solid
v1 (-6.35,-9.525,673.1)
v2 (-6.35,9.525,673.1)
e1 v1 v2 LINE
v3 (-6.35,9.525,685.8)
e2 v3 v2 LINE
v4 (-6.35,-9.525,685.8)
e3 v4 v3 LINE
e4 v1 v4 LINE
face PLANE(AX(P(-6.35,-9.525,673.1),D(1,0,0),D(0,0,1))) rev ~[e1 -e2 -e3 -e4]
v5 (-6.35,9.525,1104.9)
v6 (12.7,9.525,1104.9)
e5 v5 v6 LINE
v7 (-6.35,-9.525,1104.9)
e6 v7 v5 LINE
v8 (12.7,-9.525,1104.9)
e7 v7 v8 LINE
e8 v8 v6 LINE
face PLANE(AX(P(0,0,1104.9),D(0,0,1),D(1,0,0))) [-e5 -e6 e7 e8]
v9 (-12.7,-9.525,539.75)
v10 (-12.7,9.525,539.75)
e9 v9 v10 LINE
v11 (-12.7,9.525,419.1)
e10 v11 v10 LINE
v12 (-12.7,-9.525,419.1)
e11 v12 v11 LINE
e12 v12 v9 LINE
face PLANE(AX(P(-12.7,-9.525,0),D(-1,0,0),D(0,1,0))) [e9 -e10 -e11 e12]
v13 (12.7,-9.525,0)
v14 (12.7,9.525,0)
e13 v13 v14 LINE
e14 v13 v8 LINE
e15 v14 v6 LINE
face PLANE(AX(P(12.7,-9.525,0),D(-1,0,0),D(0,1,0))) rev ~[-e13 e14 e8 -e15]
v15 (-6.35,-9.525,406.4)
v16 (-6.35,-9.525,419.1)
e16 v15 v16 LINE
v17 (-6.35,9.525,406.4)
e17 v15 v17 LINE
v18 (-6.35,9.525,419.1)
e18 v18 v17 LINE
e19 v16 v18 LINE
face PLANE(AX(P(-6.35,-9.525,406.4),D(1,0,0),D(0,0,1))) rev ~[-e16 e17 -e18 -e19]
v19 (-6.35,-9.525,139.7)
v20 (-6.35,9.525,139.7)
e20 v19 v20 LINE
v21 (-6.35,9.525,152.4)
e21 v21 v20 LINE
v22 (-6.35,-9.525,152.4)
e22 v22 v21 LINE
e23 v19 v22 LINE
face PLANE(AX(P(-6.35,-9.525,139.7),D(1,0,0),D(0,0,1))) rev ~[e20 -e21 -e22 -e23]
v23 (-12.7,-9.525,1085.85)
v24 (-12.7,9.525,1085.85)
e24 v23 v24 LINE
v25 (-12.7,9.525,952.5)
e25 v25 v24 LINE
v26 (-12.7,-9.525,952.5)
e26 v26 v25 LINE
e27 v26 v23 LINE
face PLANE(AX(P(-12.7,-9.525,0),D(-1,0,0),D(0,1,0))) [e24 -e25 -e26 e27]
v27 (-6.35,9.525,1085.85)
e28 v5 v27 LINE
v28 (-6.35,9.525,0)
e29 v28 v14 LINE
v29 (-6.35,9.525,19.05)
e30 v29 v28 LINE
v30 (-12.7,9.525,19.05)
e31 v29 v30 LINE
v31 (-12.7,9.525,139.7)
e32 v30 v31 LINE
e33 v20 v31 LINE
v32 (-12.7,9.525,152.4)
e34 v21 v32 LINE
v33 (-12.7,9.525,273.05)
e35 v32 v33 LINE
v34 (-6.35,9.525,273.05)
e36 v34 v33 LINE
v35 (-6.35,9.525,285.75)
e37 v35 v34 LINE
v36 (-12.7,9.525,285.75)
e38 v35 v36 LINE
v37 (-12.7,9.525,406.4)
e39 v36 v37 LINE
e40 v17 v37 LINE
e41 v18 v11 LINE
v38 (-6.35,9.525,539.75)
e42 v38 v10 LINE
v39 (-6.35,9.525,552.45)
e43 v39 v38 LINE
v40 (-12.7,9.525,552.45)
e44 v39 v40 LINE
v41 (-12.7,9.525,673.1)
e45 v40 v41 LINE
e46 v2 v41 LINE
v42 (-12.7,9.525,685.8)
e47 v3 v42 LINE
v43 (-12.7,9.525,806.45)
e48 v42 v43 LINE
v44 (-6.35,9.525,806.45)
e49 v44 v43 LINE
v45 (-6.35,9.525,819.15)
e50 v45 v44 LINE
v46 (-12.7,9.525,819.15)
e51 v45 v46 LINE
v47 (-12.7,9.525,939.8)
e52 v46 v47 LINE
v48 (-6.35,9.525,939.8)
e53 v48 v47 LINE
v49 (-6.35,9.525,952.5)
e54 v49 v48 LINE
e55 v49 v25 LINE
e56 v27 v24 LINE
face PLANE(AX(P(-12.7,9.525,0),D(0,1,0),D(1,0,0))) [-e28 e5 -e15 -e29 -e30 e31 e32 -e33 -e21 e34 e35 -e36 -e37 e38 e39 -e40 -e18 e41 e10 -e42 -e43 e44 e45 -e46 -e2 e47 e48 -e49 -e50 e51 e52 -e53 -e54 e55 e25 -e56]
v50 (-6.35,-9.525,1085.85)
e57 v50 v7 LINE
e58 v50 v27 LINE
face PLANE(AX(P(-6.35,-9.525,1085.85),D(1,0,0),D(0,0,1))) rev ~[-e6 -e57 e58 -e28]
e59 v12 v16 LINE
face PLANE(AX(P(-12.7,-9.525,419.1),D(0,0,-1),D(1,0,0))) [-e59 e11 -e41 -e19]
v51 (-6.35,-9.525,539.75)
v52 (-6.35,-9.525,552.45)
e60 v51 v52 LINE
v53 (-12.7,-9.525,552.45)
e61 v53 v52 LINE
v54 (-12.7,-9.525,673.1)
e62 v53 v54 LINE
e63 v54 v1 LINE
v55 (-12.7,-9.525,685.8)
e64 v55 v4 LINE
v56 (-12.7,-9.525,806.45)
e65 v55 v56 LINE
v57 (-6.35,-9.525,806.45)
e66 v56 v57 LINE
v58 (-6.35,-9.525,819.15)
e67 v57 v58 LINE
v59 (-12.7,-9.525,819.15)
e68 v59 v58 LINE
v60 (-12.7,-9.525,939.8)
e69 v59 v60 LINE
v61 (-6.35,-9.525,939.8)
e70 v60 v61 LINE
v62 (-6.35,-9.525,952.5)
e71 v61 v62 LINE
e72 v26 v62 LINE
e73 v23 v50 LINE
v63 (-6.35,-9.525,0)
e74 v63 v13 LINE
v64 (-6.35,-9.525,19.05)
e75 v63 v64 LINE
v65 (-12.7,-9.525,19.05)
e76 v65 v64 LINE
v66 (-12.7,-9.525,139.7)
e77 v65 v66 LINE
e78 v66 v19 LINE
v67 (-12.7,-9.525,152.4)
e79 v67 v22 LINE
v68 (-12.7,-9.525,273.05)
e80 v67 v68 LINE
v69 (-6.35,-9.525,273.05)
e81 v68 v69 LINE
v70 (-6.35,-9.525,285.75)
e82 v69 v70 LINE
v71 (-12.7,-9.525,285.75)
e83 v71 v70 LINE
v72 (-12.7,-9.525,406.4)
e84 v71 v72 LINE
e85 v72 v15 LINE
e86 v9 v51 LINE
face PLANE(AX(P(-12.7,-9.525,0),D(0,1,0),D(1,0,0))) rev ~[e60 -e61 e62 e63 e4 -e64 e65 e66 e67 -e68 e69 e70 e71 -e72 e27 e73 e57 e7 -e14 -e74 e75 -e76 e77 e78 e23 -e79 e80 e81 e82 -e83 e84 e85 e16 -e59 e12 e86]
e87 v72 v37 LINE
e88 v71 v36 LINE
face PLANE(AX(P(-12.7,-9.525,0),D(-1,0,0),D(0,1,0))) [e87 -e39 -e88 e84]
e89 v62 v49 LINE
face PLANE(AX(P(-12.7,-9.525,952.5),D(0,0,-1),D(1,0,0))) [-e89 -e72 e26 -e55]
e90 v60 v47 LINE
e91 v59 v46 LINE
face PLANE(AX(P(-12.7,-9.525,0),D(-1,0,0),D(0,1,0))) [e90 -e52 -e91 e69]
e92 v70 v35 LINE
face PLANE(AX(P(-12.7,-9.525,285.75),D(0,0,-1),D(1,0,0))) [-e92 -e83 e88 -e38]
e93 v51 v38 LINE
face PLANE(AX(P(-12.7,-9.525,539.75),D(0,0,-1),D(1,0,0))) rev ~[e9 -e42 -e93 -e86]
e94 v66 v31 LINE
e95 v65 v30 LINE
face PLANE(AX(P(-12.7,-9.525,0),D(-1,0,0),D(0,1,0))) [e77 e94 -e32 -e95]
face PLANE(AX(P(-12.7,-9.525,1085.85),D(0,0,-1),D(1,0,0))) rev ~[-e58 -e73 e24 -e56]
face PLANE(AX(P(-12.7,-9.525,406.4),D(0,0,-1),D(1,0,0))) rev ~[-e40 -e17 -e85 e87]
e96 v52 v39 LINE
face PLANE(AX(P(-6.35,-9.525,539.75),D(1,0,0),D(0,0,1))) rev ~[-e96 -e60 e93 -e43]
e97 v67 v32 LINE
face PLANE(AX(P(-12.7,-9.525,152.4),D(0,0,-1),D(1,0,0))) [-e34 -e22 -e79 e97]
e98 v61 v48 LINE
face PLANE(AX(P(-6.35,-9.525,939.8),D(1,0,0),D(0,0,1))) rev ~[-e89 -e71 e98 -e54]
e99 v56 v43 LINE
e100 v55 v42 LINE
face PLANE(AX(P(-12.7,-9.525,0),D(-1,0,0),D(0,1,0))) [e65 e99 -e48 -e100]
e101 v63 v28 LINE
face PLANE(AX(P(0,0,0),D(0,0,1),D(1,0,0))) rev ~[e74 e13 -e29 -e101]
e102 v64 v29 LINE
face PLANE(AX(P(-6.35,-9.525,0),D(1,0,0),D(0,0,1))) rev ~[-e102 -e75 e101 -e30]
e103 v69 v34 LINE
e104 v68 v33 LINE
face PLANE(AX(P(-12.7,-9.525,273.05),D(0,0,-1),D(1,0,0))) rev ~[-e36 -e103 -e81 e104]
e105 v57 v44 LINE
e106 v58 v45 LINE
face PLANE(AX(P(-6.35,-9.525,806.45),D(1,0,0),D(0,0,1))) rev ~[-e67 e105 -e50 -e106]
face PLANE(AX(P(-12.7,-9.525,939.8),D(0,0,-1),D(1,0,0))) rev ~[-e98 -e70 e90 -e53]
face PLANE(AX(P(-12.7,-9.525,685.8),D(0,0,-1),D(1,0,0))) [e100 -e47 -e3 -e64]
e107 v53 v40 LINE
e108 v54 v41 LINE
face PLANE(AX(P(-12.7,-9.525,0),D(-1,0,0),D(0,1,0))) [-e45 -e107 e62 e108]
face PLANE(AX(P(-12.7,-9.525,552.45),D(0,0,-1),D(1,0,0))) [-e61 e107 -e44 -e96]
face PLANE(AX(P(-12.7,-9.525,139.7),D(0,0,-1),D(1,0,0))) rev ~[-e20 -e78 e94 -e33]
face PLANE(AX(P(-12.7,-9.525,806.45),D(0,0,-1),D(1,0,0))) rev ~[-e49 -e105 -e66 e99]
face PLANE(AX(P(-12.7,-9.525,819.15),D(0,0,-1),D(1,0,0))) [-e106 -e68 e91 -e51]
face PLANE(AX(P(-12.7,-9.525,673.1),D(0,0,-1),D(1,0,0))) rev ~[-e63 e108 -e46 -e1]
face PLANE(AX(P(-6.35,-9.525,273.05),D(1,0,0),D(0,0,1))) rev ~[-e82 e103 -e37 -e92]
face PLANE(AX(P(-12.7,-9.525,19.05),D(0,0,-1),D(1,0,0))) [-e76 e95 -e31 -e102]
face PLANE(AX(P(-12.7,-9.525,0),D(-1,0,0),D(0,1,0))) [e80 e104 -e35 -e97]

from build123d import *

# Parameters (mm, degrees)
F0_W     = 25.4
F0_H     = 19.05
F1_DEPTH = 1104.9
F2_W     = 6.35
F2_H     = 19.05
F2_H_2   = 12.7
F3_DEPTH = 19.051


with BuildPart() as f1:
    # F0 (on Top) → F1 (new body)
    with BuildSketch(Plane.XY):
        Rectangle(F0_W, F0_H)
    extrude(amount=F1_DEPTH)

    # F2 (on face) → F3 (cut, through all)
    with BuildSketch(Plane.XZ.offset(9.525)):
        with Locations((-9.525, 9.525)):
            Rectangle(F2_W, F2_H)
        with Locations((-9.525, 146.05)):
            Rectangle(F2_W, F2_H_2)
        with Locations((-9.525, 279.4)):
            Rectangle(F2_W, F2_H_2)
        with Locations((-9.525, 412.75)):
            Rectangle(F2_W, F2_H_2)
        with Locations((-9.525, 546.1)):
            Rectangle(F2_W, F2_H_2)
        with Locations((-9.525, 679.45)):
            Rectangle(F2_W, F2_H_2)
        with Locations((-9.525, 812.8)):
            Rectangle(F2_W, F2_H_2)
        with Locations((-9.525, 946.15)):
            Rectangle(F2_W, F2_H_2)
        with Locations((-9.525, 1095.375)):
            Rectangle(F2_W, F2_H)
    extrude(amount=-F3_DEPTH, mode=Mode.SUBTRACT)


solid = f1.part
